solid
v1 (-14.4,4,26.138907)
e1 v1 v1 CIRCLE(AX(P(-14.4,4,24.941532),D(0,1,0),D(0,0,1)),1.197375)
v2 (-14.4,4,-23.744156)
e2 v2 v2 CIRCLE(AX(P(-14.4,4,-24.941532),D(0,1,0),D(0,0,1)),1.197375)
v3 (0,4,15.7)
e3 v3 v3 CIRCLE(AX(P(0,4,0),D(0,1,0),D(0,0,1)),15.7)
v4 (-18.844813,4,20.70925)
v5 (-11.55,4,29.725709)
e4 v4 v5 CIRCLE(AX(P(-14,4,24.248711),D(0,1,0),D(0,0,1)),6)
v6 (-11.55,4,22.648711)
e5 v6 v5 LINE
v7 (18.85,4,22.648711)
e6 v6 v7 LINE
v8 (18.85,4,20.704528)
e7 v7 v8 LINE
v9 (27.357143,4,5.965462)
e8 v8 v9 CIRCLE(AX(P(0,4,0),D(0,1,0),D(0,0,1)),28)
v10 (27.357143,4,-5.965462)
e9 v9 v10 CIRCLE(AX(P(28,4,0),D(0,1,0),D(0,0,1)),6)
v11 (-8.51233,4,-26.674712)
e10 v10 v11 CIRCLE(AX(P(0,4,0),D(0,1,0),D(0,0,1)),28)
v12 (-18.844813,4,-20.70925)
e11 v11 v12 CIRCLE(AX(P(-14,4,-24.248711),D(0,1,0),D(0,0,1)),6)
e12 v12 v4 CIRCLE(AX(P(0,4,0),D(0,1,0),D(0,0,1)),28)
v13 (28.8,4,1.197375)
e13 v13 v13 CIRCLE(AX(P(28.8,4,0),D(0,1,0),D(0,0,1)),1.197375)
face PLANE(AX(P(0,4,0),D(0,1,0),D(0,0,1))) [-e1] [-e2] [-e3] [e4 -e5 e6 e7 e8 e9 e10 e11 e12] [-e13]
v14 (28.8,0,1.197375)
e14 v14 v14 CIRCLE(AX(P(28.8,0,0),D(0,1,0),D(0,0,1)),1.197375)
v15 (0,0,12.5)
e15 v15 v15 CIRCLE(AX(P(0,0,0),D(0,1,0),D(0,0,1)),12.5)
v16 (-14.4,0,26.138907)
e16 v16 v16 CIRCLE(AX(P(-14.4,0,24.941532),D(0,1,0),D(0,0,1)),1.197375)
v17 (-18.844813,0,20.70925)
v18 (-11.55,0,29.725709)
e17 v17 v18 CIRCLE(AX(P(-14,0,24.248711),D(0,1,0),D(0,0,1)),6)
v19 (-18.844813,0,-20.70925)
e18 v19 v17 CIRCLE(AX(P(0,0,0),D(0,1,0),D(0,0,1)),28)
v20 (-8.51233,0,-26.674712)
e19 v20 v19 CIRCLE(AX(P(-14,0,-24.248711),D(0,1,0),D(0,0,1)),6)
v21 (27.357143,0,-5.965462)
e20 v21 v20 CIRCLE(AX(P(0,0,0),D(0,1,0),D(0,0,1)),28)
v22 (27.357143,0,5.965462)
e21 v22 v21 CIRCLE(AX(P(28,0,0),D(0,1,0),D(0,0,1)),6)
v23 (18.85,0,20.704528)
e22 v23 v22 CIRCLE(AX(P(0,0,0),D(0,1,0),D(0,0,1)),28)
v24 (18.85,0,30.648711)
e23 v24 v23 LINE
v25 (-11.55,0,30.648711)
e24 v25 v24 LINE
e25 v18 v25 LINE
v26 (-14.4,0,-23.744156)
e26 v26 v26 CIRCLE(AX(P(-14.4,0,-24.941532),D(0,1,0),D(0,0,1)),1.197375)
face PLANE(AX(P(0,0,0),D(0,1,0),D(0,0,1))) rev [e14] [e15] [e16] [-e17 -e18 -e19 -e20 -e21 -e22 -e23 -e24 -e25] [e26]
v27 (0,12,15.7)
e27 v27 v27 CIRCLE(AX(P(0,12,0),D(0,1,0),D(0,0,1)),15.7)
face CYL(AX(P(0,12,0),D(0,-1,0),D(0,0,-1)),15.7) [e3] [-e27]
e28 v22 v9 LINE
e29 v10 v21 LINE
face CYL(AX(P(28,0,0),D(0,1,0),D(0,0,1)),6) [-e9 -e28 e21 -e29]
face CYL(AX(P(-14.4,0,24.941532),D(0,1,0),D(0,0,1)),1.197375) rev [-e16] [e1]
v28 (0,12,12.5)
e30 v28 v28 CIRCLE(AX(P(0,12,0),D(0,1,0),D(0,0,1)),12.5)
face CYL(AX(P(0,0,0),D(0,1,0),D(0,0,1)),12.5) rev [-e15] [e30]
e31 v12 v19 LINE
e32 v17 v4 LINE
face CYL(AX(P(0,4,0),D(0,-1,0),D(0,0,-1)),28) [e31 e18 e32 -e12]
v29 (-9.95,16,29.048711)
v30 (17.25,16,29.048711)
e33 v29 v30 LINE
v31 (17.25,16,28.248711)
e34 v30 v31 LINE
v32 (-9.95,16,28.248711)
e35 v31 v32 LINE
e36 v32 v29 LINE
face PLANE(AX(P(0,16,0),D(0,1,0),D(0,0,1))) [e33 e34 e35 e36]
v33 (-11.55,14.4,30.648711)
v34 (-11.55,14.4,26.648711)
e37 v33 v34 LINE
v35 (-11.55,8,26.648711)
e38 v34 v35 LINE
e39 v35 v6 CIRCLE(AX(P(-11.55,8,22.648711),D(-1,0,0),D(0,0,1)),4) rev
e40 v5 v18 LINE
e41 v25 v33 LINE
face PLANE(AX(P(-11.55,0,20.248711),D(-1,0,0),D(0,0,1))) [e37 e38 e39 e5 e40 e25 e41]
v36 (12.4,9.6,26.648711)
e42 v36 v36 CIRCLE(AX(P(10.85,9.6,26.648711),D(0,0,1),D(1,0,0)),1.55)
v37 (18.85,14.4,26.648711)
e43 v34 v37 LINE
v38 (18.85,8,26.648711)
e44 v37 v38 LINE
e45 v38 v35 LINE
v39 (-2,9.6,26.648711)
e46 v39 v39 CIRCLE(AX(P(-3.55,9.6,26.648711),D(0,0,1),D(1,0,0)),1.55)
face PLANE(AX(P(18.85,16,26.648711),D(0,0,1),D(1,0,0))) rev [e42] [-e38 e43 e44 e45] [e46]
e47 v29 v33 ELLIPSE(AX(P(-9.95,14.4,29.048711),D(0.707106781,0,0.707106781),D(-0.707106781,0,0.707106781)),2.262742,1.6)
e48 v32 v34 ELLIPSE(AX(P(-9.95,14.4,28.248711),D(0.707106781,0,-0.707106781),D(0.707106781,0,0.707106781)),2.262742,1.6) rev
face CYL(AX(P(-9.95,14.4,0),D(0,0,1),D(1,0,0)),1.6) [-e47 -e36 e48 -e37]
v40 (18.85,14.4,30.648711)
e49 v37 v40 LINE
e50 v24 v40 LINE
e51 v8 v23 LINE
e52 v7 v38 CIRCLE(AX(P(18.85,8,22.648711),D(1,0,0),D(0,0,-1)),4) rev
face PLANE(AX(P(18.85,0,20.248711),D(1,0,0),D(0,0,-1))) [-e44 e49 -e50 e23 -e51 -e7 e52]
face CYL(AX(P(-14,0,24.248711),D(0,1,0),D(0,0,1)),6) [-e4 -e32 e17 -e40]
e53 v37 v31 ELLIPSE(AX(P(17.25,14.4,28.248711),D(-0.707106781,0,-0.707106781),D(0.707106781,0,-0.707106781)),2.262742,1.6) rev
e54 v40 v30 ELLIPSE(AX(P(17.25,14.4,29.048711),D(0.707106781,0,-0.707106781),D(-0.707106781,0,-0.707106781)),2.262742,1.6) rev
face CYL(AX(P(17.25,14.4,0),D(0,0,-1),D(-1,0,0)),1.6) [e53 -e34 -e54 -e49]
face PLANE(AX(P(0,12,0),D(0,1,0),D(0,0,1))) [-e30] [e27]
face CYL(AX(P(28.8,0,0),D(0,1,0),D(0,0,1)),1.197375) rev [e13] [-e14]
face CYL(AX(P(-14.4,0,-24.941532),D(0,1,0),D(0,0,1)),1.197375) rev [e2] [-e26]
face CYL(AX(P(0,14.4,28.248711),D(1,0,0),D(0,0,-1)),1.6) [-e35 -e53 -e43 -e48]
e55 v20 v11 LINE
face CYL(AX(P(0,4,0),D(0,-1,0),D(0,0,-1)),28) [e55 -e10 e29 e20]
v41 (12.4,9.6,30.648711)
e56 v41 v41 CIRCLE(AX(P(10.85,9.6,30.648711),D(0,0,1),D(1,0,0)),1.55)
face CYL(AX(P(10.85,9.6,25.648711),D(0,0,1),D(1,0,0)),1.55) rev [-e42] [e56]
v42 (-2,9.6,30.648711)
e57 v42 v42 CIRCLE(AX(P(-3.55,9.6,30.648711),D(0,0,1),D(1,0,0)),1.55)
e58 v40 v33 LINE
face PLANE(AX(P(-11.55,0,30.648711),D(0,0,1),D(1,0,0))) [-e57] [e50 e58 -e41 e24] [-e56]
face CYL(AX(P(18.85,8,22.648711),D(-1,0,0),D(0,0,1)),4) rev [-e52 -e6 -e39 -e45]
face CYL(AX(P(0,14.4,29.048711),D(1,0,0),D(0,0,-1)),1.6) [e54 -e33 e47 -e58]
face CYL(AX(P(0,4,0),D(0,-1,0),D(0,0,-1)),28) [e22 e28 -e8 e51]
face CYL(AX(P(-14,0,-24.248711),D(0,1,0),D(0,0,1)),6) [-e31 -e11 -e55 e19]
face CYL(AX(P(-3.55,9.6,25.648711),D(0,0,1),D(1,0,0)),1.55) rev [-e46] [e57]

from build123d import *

# Parameters (mm, degrees)
SKETCH1_R           = 28
BOSS_EXTRUDE1_DEPTH = 4
SKETCH2_R           = 6
BOSS_EXTRUDE2_DEPTH = 4
SKETCH4_R           = 1.197375231
CUT_EXTRUDE2_DEPTH  = 46.683525867
SKETCH5_R           = 12.5
CUT_EXTRUDE3_DEPTH  = 46.683525867
BOSS_EXTRUDE3_START = 8
SKETCH6_R           = 15.7
SKETCH6_R_2         = 12.5
BOSS_EXTRUDE3_DEPTH = 8
SKETCH7_W           = 30.4
SKETCH7_H           = 10.4
BOSS_EXTRUDE4_DEPTH = 4
SKETCH8_W           = 30.4
SKETCH8_H           = 4
BOSS_EXTRUDE5_DEPTH = 12
FILLET1_R           = 4
FILLET2_R           = 1.6
SKETCH9_R           = 1.55
CUT_EXTRUDE4_DEPTH  = 5


with BuildPart() as part:
    # Sketch1 → Boss-Extrude1 (new body)
    with BuildSketch(Plane(origin=(0, 0, 0), x_dir=(1, 0, 0), z_dir=(0, 1, 0))):
        with Locations(Location((0, 0, 0), (0, 0, 270))):
            Circle(SKETCH1_R)
    extrude(amount=BOSS_EXTRUDE1_DEPTH)

    # Sketch2 → Boss-Extrude2 (add)
    with BuildSketch(Plane(origin=(0, 4, 0), x_dir=(1, 0, 0), z_dir=(0, 1, 0))):
        with Locations((28, 0)):
            Circle(SKETCH2_R)
        with Locations((-14, -24.248711306)):
            Circle(SKETCH2_R)
        with Locations((-14, 24.248711306)):
            Circle(SKETCH2_R)
    extrude(amount=-BOSS_EXTRUDE2_DEPTH)

    # Sketch4 → Cut-Extrude2 (cut, through all)
    with BuildSketch(Plane(origin=(0, 4, 0), x_dir=(1, 0, 0), z_dir=(0, 1, 0))):
        with Locations(Location((28.8, 0, 0), (0, 0, 270))):
            Circle(SKETCH4_R)
        with Locations(Location((-14.4, -24.941531629, 0), (0, 0, 270))):
            Circle(SKETCH4_R)
        with Locations(Location((-14.4, 24.941531629, 0), (0, 0, 270))):
            Circle(SKETCH4_R)
    extrude(amount=-CUT_EXTRUDE2_DEPTH, mode=Mode.SUBTRACT)

    # Sketch5 → Cut-Extrude3 (cut, through all)
    with BuildSketch(Plane(origin=(0, 4, 0), x_dir=(1, 0, 0), z_dir=(0, 1, 0))):
        with Locations(Location((0, 0, 0), (0, 0, 270))):
            Circle(SKETCH5_R)
    extrude(amount=-CUT_EXTRUDE3_DEPTH, mode=Mode.SUBTRACT)

    # Sketch6 → Boss-Extrude3 (add)
    with BuildSketch(Plane(origin=(0, 4, 0), x_dir=(1, 0, 0), z_dir=(0, 1, 0)).offset(BOSS_EXTRUDE3_START)):
        with Locations(Location((0, 0, 0), (0, 0, 270))):
            Circle(SKETCH6_R)
        with Locations(Location((0, 0, 0), (0, 0, 270))):
            Circle(SKETCH6_R_2, mode=Mode.SUBTRACT)
    extrude(amount=-BOSS_EXTRUDE3_DEPTH)

    # Sketch7 → Boss-Extrude4 (add)
    with BuildSketch(Plane(origin=(0, 4, 0), x_dir=(1, 0, 0), z_dir=(0, 1, 0))):
        with Locations((3.65, -25.448711306)):
            Rectangle(SKETCH7_W, SKETCH7_H)
    extrude(amount=-BOSS_EXTRUDE4_DEPTH)

    # Sketch8 → Boss-Extrude5 (add)
    with BuildSketch(Plane(origin=(0, 4, 0), x_dir=(1, 0, 0), z_dir=(0, 1, 0))):
        with Locations((3.65, -28.648711306)):
            Rectangle(SKETCH8_W, SKETCH8_H)
    extrude(amount=BOSS_EXTRUDE5_DEPTH)

    # Fillet1
    fillet1_edges = [part.edges().sort_by_distance(p)[0] for p in [
        (3.65, 4, 26.648711306),
    ]]
    fillet(fillet1_edges, radius=FILLET1_R)

    # Fillet2
    fillet2_edges = [part.edges().sort_by_distance(p)[0] for p in [
        (18.85, 16, 28.648711306),
        (3.65, 16, 26.648711306),
        (-11.55, 16, 28.648711306),
        (3.65, 16, 30.648711306),
    ]]
    fillet(fillet2_edges, radius=FILLET2_R)

    # Sketch9 → Cut-Extrude4 (cut)
    with BuildSketch(Plane.XY.offset(30.648711306)):
        with Locations((-3.55, 9.6)):
            Circle(SKETCH9_R)
        with Locations((10.85, 9.6)):
            Circle(SKETCH9_R)
    extrude(amount=-CUT_EXTRUDE4_DEPTH, mode=Mode.SUBTRACT)


solid = part.part
